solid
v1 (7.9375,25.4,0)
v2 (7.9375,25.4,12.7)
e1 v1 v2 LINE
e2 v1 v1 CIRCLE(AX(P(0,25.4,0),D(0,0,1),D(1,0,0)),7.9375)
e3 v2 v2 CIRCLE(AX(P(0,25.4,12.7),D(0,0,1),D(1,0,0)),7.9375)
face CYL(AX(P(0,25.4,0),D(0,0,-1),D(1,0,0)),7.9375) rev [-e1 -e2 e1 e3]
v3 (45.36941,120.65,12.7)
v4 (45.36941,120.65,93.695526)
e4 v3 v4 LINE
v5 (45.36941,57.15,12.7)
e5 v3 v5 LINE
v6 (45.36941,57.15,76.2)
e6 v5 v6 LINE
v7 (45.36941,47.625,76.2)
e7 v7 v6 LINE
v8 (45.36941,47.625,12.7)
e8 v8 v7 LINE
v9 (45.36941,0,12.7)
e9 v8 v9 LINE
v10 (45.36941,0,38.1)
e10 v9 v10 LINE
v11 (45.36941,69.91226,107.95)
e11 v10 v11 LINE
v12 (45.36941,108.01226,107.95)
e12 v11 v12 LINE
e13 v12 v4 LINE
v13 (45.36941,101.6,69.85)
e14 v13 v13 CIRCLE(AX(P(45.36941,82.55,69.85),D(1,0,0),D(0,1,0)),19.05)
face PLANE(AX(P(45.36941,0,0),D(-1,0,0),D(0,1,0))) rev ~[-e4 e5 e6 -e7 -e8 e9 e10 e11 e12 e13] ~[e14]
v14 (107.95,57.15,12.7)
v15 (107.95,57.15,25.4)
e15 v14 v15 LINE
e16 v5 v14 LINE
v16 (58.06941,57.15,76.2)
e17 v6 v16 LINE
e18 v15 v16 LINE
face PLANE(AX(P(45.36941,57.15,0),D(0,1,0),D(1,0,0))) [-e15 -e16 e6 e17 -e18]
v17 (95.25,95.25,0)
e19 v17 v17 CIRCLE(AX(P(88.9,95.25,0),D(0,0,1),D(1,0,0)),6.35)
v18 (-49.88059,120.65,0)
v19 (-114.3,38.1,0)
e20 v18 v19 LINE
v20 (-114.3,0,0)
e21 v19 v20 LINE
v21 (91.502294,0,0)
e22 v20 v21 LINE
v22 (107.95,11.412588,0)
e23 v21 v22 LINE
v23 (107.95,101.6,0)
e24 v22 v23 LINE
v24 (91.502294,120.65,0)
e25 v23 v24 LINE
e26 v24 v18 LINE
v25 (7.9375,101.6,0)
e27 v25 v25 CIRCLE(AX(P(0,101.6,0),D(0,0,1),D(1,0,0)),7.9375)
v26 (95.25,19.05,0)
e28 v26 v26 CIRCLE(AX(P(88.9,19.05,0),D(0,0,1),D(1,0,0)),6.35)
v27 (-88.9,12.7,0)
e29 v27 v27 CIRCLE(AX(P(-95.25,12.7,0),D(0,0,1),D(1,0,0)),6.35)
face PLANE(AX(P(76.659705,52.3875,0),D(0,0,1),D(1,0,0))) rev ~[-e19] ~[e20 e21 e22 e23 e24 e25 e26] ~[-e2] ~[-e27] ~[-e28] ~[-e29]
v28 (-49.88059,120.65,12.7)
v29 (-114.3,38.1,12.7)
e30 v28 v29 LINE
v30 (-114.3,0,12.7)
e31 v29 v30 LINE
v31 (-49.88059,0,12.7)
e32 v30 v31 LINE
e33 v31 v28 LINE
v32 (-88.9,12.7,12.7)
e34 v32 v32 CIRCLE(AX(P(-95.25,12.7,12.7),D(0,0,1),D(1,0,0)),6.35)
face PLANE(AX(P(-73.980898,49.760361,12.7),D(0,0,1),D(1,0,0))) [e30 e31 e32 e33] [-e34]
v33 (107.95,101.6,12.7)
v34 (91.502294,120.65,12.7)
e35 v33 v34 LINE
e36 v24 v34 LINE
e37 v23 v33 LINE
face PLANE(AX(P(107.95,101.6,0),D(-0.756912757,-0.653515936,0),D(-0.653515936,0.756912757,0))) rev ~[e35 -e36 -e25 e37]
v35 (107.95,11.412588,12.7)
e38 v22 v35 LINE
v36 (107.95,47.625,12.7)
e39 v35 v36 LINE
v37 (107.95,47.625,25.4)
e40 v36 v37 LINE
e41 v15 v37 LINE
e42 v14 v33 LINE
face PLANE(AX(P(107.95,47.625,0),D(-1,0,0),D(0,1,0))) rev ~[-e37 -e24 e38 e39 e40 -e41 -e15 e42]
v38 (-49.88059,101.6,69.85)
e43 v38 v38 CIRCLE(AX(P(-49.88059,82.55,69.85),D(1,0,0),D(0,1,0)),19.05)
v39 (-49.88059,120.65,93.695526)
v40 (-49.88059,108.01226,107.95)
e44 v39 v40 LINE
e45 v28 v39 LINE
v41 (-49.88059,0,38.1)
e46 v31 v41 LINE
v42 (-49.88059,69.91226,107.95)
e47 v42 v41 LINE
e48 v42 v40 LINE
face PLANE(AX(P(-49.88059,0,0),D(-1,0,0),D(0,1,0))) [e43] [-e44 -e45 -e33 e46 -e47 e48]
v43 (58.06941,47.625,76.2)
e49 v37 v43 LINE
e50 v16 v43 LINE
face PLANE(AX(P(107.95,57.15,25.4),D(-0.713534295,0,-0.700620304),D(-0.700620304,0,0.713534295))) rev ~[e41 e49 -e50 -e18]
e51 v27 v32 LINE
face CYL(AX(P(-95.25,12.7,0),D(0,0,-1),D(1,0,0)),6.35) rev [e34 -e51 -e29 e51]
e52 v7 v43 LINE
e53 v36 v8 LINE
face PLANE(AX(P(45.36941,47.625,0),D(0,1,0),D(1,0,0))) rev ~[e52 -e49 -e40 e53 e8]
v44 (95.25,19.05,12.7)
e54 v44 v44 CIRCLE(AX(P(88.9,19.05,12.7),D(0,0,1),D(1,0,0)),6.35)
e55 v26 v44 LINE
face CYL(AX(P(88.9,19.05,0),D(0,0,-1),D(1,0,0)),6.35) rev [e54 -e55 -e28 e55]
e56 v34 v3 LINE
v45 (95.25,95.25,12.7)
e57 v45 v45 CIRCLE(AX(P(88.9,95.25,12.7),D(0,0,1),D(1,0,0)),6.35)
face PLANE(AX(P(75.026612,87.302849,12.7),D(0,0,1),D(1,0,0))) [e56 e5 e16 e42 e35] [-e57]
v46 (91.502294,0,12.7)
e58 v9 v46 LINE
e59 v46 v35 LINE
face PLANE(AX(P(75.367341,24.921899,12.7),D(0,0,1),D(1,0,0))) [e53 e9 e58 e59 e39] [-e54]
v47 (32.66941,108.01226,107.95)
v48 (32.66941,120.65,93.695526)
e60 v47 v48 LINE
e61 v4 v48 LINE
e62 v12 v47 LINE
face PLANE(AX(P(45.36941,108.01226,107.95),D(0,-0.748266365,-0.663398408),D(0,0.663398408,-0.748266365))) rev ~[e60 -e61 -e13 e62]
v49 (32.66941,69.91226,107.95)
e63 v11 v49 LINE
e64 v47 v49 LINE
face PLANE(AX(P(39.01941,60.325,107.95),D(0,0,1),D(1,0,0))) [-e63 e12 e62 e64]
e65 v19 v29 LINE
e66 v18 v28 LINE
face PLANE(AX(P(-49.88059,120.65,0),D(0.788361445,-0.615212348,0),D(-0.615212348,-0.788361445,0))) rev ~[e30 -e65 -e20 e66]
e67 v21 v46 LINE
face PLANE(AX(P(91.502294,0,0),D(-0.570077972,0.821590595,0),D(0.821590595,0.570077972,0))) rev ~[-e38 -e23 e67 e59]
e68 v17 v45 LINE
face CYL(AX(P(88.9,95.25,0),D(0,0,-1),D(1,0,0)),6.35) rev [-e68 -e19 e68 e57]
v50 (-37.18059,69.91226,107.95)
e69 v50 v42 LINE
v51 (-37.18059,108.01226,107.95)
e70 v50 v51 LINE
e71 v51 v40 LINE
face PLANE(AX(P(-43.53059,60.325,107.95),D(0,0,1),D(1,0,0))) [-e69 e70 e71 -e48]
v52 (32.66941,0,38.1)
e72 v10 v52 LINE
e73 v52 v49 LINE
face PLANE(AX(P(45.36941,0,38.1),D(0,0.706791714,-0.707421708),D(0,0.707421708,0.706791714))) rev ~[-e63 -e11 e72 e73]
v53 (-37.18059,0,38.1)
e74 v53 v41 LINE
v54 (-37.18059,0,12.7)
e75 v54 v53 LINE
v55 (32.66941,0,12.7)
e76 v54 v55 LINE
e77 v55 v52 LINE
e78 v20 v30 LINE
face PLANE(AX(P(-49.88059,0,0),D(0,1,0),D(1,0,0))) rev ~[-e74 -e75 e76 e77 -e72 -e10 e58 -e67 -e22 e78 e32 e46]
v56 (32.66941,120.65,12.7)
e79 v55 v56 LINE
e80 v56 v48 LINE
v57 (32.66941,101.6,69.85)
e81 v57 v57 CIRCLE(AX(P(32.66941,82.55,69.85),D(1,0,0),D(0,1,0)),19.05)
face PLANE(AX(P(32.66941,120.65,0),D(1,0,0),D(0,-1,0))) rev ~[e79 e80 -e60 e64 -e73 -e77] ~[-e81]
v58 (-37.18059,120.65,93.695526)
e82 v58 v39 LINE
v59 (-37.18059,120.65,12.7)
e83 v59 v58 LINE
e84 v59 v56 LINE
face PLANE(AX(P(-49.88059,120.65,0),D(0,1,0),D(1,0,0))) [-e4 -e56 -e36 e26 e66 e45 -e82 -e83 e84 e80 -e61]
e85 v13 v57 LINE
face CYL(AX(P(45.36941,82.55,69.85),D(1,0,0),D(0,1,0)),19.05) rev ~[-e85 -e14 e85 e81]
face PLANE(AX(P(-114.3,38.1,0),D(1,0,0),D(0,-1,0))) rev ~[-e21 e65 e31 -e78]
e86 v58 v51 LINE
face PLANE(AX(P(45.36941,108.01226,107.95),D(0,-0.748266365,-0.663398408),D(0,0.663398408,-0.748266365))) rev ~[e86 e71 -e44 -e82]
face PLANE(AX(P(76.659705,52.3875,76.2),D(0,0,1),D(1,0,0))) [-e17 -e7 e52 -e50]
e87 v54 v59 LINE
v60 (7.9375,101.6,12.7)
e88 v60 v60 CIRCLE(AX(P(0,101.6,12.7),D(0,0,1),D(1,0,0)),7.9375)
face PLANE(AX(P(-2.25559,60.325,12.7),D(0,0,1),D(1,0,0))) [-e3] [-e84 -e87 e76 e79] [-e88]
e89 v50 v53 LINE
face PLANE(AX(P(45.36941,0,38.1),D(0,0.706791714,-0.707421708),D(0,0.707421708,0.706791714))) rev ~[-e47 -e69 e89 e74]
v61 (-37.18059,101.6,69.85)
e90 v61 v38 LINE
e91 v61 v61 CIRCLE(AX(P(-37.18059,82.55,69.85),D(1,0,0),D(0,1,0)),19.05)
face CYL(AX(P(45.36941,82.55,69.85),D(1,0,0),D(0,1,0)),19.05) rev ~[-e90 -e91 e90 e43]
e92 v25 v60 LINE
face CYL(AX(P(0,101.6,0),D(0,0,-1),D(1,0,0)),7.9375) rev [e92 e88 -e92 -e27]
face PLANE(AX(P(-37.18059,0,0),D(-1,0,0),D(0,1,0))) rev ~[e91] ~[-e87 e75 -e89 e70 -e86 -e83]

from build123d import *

# Parameters (mm, degrees)
F0_R     = 6.35
F1_DEPTH = 12.7
F0_W     = 69.85
F0_H     = 120.65
F0_R_2   = 7.9375
F0_W_2   = 12.7
F2_DEPTH = 107.95
F0_W_3   = 62.5805897668
F0_H_2   = 9.525
F3_DEPTH = 76.2
F5_DEPTH = 25.4
F6_R     = 19.05
F7_DEPTH = 159.6704102332


with BuildPart() as f1:
    # F0 (on Top) → F1 (new body)
    with BuildSketch(Plane.XY):
        Polygon((91.5022938823, 120.65), (45.3694102332, 120.65), (45.3694102332, 57.15), (107.95, 57.15), (107.95, 101.6), align=None)
        with Locations((88.9, 95.25)):
            Circle(F0_R, mode=Mode.SUBTRACT)
    extrude(amount=F1_DEPTH)



with BuildPart() as f1b:
    # F0 (on Top) → F1, piece 2 (new body)
    with BuildSketch(Plane.XY):
        Polygon((45.3694102332, 47.625), (45.3694102332, 0), (91.5022938823, 0), (107.95, 11.4125879677), (107.95, 47.625), align=None)
        with Locations((88.9, 19.05)):
            Circle(F0_R, mode=Mode.SUBTRACT)
    extrude(amount=F1_DEPTH)


with BuildPart() as f1c:
    # F0 (on Top) → F1, piece 3 (new body)
    with BuildSketch(Plane.XY):
        with Locations((-2.2555897668, 60.325)):
            Rectangle(F0_W, F0_H)
        with Locations((0, 25.4)):
            Circle(F0_R_2, mode=Mode.SUBTRACT)
        with Locations((0, 101.6)):
            Circle(F0_R_2, mode=Mode.SUBTRACT)
    extrude(amount=F1_DEPTH)


with BuildPart() as f1d:
    # F0 (on Top) → F1, piece 4 (new body)
    with BuildSketch(Plane.XY):
        Polygon((-114.3, 0), (-91.3736136669, 0), (-49.8805897668, 0), (-49.8805897668, 120.65), (-114.3, 38.1), align=None)
        with Locations((-95.25, 12.7)):
            Circle(F0_R, mode=Mode.SUBTRACT)
    extrude(amount=F1_DEPTH)


with BuildPart() as f1_1:
    add(f1.part)

    add(f1b.part)  # F2 merges F1b

    add(f1c.part)  # F2 merges F1c

    add(f1d.part)  # F2 merges F1d
    # F0 (on Top) → F2 (join)
    with BuildSketch(Plane.XY):
        with Locations((-43.5305897668, 60.325)):
            Rectangle(F0_W_2, F0_H)
        Polygon((32.6694102332, 120.65), (32.6694102332, 0), (45.3694102332, 0), (45.3694102332, 47.625), (45.3694102332, 57.15), (45.3694102332, 120.65), align=None)
    extrude(amount=F2_DEPTH)

    # F0 (on Top) → F3 (join)
    with BuildSketch(Plane.XY):
        with Locations((76.6597051166, 52.3875)):
            Rectangle(F0_W_3, F0_H_2)
    extrude(amount=F3_DEPTH)

    # F4 (on face) → F5 (cut)
    with BuildSketch(Plane(origin=(0, 57.15, 0), x_dir=(-1, 0, 0), z_dir=(0, 1, 0))):
        Polygon((-107.95, 76.2), (-107.95, 25.4), (-58.0694102332, 76.2), align=None)
    extrude(amount=-F5_DEPTH, mode=Mode.SUBTRACT)

    # F6 (on face) → F7 (cut, through all)
    with BuildSketch(Plane.YZ.offset(45.3694102332)):
        Polygon((0, 107.95), (0, 38.1), (69.9122603316, 107.95), align=None)
        Polygon((120.65, 107.95), (108.0122603316, 107.95), (120.65, 93.6955257524), align=None)
        with Locations((82.55, 69.85)):
            Circle(F6_R)
    extrude(amount=-F7_DEPTH, mode=Mode.SUBTRACT)


solid = f1_1.part
